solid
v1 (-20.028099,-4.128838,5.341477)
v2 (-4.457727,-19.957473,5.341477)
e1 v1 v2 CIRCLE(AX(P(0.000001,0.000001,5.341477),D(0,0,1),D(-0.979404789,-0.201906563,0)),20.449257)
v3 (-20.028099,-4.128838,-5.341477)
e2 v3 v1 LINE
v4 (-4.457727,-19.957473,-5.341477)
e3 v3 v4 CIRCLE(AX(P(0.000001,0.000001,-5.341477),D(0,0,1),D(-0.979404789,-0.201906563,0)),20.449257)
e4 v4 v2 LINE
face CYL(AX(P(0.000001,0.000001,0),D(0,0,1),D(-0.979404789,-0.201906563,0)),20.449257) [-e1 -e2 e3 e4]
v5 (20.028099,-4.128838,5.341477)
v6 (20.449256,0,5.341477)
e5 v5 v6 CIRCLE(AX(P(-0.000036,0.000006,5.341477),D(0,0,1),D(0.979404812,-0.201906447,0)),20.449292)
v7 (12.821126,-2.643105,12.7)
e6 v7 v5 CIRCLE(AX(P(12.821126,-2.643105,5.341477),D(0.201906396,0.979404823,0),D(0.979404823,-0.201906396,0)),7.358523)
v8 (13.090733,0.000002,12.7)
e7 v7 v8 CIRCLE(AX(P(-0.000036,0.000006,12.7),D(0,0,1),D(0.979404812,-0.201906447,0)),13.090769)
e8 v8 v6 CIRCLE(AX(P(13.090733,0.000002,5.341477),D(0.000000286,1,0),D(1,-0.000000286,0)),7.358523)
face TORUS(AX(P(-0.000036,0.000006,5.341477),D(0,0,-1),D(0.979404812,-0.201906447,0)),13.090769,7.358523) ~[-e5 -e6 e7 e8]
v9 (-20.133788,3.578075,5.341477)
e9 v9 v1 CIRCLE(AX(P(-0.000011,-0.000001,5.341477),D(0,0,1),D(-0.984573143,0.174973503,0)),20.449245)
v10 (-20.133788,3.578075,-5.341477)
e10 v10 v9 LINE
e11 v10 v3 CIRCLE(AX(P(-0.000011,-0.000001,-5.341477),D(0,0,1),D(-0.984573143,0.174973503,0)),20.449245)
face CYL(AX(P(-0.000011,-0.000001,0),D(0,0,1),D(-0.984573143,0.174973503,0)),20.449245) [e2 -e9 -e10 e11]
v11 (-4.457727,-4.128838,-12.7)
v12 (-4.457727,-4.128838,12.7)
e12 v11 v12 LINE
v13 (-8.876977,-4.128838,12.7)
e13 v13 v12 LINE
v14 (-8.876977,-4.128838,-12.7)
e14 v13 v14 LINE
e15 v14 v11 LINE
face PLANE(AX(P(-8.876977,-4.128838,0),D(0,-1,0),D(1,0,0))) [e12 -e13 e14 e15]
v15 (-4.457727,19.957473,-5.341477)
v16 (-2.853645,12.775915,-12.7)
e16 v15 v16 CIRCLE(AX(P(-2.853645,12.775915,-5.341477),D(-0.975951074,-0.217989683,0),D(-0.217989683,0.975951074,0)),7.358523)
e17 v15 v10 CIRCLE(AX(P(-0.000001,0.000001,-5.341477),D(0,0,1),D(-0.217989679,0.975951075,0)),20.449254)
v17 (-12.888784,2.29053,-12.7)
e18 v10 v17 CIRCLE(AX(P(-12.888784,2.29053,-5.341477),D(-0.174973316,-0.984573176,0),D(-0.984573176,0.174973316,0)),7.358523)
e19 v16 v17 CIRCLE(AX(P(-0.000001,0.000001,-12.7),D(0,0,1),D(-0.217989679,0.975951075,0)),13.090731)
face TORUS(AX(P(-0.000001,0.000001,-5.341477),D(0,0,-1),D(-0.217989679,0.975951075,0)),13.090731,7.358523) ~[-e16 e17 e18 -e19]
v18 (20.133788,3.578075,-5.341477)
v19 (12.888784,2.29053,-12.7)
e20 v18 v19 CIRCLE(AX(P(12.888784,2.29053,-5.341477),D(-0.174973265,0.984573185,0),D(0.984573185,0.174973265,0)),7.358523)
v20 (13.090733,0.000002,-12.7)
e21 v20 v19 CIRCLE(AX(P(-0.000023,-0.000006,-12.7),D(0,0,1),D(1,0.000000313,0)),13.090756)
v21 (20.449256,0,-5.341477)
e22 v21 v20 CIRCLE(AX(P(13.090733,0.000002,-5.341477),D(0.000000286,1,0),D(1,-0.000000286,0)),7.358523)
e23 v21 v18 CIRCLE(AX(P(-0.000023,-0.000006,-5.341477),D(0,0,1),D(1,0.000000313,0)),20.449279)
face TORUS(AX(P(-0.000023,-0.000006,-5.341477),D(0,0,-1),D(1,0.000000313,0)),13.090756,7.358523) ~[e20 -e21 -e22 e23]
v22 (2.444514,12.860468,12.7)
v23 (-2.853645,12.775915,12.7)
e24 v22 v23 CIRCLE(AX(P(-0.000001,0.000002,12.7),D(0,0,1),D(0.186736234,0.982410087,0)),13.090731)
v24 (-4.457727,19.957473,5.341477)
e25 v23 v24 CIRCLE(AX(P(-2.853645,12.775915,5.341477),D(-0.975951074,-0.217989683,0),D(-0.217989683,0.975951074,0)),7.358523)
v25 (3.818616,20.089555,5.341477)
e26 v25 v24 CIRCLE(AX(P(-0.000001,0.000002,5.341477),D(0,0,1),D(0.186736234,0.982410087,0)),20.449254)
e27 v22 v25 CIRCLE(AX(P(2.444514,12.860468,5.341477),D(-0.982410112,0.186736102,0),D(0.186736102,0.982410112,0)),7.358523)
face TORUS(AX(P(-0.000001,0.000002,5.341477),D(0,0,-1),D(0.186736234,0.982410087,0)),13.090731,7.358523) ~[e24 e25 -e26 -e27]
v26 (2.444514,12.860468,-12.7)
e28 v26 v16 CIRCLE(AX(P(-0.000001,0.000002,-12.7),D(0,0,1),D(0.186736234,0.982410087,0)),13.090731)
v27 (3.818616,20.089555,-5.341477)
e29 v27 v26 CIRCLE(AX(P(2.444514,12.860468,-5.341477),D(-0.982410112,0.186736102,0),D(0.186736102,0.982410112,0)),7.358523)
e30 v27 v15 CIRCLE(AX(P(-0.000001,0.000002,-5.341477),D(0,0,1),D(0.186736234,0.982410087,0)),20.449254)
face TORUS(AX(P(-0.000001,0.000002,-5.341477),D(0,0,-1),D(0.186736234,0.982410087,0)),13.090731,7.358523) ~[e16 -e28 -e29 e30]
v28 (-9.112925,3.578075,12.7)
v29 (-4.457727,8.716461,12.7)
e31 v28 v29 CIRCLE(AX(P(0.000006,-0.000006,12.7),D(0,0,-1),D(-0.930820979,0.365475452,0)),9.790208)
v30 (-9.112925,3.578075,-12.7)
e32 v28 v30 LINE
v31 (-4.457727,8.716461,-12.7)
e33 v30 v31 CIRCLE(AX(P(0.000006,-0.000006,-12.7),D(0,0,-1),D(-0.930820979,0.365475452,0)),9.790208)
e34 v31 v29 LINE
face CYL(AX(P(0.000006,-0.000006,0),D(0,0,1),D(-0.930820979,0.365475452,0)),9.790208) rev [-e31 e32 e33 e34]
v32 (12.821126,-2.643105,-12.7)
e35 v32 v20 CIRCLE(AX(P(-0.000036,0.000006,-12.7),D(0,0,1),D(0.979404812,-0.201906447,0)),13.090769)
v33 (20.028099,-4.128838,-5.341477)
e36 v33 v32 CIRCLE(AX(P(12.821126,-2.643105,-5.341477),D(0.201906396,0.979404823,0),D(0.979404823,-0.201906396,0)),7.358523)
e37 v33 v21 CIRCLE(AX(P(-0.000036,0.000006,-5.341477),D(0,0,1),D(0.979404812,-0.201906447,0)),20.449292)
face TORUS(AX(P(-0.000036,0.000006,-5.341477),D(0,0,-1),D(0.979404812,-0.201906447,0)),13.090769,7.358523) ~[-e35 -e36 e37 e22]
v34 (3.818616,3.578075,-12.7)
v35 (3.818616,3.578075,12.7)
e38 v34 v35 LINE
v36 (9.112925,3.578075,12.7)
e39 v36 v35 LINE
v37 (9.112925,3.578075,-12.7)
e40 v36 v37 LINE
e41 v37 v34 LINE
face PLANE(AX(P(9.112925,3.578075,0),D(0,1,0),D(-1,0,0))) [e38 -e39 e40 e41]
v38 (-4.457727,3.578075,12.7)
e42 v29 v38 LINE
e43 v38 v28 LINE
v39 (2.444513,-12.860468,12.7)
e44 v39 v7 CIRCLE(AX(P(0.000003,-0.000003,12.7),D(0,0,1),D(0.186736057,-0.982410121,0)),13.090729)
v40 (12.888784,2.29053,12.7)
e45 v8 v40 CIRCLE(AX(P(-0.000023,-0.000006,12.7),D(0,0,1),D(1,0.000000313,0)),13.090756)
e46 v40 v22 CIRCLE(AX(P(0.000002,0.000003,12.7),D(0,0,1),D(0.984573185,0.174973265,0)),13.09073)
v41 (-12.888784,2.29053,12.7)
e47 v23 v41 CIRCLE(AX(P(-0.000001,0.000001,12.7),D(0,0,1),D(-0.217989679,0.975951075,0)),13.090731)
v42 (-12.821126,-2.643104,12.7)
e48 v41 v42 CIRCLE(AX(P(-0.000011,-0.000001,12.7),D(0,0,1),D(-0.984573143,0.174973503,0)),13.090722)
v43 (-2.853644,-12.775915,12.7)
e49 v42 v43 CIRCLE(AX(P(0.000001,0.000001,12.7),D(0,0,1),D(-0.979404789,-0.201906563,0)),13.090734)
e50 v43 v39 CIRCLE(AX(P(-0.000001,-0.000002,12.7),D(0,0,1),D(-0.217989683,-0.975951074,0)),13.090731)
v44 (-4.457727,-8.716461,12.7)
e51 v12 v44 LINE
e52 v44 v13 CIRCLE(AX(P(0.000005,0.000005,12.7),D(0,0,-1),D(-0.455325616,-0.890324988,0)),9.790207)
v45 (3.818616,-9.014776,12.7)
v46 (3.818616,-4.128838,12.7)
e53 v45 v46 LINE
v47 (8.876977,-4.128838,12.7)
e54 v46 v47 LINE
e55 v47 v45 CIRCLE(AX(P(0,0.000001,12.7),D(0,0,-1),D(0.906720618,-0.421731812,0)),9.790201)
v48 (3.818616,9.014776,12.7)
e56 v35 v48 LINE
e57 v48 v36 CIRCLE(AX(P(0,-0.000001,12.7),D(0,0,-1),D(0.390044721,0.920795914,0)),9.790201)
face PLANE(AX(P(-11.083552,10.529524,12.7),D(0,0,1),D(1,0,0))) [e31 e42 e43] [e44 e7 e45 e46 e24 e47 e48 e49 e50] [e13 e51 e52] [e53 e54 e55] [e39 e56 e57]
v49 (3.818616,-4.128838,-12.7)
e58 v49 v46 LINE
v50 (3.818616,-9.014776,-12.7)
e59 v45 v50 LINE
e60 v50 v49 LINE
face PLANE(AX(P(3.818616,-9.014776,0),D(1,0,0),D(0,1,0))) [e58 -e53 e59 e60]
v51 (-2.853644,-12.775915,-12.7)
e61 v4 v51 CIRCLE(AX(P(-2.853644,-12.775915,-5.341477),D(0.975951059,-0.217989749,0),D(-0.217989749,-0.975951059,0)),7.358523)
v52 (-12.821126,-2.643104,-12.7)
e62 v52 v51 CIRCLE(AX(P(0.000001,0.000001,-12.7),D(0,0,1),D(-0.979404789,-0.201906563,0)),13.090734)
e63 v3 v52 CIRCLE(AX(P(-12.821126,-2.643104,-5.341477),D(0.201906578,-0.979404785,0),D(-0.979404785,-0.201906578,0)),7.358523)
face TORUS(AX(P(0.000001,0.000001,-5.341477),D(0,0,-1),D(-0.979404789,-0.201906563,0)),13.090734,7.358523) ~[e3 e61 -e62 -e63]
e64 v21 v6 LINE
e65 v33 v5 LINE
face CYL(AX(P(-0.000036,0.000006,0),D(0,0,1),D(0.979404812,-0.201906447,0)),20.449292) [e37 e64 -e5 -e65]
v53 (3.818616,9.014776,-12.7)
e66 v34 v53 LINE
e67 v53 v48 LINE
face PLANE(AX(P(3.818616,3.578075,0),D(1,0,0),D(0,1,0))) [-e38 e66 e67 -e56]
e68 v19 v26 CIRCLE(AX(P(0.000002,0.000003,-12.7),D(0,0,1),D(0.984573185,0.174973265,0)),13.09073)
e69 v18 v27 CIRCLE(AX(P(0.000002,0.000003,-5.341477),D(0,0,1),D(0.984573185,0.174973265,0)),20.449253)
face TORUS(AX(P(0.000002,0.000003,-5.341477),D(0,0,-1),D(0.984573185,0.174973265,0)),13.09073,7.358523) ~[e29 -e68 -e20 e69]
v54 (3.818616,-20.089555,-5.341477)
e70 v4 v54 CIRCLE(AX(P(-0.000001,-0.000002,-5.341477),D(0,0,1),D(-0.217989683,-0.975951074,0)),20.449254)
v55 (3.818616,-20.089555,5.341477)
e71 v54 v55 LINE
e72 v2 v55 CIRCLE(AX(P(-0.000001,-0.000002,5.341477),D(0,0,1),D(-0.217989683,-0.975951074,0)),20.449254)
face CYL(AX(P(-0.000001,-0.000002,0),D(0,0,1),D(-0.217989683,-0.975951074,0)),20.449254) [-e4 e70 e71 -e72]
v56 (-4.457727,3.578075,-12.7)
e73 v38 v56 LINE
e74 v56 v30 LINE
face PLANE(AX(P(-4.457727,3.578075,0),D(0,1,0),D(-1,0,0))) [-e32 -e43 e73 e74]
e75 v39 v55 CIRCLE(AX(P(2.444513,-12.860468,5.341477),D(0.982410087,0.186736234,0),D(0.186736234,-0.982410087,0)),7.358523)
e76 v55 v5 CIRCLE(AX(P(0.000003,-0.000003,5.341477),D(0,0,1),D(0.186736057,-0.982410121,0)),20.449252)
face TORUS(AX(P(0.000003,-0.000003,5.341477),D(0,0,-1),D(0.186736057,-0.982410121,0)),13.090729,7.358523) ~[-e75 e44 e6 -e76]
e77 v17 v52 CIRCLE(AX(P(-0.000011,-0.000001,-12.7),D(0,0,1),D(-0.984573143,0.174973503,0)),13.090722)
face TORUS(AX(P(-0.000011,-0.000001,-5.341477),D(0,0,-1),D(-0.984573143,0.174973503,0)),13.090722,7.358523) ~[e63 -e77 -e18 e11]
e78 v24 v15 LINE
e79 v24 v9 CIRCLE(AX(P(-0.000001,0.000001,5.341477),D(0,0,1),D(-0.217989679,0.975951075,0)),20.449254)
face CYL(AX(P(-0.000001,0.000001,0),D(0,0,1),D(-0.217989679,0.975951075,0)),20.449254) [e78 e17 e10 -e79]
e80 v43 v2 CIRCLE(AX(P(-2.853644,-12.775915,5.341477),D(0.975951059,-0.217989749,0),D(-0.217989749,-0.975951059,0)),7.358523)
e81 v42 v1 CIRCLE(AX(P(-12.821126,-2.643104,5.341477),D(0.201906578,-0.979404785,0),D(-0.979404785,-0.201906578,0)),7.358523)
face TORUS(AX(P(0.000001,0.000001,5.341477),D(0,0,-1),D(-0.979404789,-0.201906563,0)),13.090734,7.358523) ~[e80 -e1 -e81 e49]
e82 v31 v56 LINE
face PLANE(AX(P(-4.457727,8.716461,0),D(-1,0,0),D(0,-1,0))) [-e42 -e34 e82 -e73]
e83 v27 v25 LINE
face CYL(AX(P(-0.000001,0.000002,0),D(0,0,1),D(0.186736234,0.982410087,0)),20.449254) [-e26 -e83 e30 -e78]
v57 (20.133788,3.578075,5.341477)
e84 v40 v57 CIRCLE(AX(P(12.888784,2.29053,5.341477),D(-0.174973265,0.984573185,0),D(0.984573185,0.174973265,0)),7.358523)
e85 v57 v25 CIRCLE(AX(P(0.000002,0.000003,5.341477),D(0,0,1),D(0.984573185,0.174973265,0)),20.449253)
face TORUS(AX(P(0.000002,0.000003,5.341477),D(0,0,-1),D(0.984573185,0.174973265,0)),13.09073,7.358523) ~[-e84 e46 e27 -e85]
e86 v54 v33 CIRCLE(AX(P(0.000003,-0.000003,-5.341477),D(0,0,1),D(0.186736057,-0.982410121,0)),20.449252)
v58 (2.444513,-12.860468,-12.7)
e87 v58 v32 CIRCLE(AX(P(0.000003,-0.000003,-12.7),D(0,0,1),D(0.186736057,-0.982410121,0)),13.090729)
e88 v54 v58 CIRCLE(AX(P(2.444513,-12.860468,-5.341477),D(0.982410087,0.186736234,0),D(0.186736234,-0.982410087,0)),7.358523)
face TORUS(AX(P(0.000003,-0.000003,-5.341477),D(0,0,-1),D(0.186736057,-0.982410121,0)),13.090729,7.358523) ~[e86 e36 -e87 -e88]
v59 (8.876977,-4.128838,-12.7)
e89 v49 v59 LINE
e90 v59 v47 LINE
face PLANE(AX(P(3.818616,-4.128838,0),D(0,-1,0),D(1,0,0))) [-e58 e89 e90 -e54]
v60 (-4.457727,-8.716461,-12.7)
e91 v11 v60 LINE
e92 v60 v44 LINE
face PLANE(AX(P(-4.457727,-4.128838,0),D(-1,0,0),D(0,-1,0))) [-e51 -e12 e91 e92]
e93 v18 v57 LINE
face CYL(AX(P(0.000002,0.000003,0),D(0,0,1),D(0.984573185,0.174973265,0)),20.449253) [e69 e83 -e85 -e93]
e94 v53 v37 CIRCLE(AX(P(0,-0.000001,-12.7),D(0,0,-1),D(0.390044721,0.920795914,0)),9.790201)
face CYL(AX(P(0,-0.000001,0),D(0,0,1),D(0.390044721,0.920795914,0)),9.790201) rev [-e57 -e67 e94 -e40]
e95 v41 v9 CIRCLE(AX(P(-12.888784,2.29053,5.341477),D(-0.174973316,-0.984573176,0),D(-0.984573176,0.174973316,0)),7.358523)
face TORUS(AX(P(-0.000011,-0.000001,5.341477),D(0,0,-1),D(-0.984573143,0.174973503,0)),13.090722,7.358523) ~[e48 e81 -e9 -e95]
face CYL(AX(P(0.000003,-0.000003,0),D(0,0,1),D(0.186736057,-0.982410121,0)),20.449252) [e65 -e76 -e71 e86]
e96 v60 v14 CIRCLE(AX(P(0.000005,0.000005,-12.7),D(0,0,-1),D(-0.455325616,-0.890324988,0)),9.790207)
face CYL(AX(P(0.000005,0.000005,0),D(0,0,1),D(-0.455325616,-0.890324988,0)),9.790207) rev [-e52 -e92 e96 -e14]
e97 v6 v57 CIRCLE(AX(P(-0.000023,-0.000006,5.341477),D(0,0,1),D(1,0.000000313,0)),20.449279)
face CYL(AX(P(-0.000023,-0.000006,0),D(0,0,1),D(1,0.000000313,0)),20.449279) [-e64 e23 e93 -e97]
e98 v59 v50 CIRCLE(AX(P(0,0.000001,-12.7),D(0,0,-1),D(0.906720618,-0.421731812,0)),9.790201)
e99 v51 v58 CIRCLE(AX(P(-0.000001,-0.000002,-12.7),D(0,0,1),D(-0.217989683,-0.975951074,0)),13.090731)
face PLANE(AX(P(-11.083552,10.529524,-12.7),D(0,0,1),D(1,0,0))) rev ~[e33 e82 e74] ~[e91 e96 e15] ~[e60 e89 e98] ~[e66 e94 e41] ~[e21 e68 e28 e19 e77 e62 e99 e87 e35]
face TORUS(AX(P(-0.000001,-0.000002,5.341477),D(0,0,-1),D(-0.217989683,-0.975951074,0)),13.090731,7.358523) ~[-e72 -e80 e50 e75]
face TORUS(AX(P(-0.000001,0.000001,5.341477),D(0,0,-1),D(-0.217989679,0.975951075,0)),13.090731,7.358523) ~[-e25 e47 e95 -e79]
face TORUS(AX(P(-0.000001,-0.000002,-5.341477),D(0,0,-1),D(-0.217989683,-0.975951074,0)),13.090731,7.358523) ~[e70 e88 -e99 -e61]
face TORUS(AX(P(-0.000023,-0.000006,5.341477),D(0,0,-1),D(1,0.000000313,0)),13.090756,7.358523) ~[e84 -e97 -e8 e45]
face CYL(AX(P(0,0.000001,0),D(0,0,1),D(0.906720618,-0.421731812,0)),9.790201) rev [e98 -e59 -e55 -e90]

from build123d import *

# Parameters (mm, degrees)
F1_DEPTH = 12.7
F2_R     = 7.358523


with BuildPart() as f1:
    # F0 (on Top) → F1 (new body, symmetric)
    with BuildSketch(Plane.XY):
        with BuildLine():
            ThreePointArc((-9.112925, 3.578075), (-7.255439, 6.573174), (-4.457727, 8.716461))
            Line((-4.457727, 8.716461), (-4.457727, 19.957473))
            ThreePointArc((-4.457727, 19.957473), (-14.773518, 14.139138), (-20.133788, 3.578075))
            Line((-20.133788, 3.578075), (-9.112925, 3.578075))
        make_face()
        with BuildLine():
            Line((-4.457727, 19.957473), (-4.457727, 8.716461))
            Line((-4.457727, 8.716461), (-4.457727, 3.578075))
            Line((-4.457727, 3.578075), (-9.112925, 3.578075))
            Line((-9.112925, 3.578075), (-20.133788, 3.578075))
            ThreePointArc((-20.133788, 3.578075), (-20.447333, -0.280406), (-20.028099, -4.128838))
            Line((-20.028099, -4.128838), (-8.876977, -4.128838))
            Line((-8.876977, -4.128838), (-4.457727, -4.128838))
            Line((-4.457727, -4.128838), (-4.457727, -8.716461))
            Line((-4.457727, -8.716461), (-4.457727, -19.957473))
            ThreePointArc((-4.457727, -19.957473), (-0.326308, -20.446652), (3.818616, -20.089555))
            Line((3.818616, -20.089555), (3.818616, -9.014776))
            Line((3.818616, -9.014776), (3.818616, -4.128838))
            Line((3.818616, -4.128838), (8.876977, -4.128838))
            Line((8.876977, -4.128838), (20.028099, -4.128838))
            ThreePointArc((20.028099, -4.128838), (20.343694, -2.075131), (20.449256, 0))
            ThreePointArc((20.449256, 0), (20.370236, 1.795978), (20.133788, 3.578075))
            Line((20.133788, 3.578075), (9.112925, 3.578075))
            Line((9.112925, 3.578075), (3.818616, 3.578075))
            Line((3.818616, 3.578075), (3.818616, 9.014776))
            Line((3.818616, 9.014776), (3.818616, 20.089555))
            ThreePointArc((3.818616, 20.089555), (-0.326308, 20.446652), (-4.457727, 19.957473))
        make_face()
        with BuildLine():
            ThreePointArc((20.133788, 3.578075), (14.546019, 14.373079), (3.818616, 20.089555))
            Line((3.818616, 20.089555), (3.818616, 9.014776))
            ThreePointArc((3.818616, 9.014776), (7.013958, 6.830257), (9.112925, 3.578075))
            Line((9.112925, 3.578075), (20.133788, 3.578075))
        make_face()
        with BuildLine():
            Line((-8.876977, -4.128838), (-20.028099, -4.128838))
            ThreePointArc((-20.028099, -4.128838), (-14.578249, -14.340387), (-4.457727, -19.957473))
            Line((-4.457727, -19.957473), (-4.457727, -8.716461))
            ThreePointArc((-4.457727, -8.716461), (-7.050897, -6.792118), (-8.876977, -4.128838))
        make_face()
        with BuildLine():
            Line((3.818616, -9.014776), (3.818616, -20.089555))
            ThreePointArc((3.818616, -20.089555), (14.347564, -14.571187), (20.028099, -4.128838))
            Line((20.028099, -4.128838), (8.876977, -4.128838))
            ThreePointArc((8.876977, -4.128838), (6.801663, -7.04169), (3.818616, -9.014776))
        make_face()
    extrude(amount=F1_DEPTH, both=True)

    # F2
    f2_edges = [f1.edges().sort_by_distance(p)[0] for p in [
        (20.028099, 4.128838, 12.7),
        (20.028099, 4.128838, -12.7),
    ]]
    fillet(f2_edges, radius=F2_R)


solid = f1.part
